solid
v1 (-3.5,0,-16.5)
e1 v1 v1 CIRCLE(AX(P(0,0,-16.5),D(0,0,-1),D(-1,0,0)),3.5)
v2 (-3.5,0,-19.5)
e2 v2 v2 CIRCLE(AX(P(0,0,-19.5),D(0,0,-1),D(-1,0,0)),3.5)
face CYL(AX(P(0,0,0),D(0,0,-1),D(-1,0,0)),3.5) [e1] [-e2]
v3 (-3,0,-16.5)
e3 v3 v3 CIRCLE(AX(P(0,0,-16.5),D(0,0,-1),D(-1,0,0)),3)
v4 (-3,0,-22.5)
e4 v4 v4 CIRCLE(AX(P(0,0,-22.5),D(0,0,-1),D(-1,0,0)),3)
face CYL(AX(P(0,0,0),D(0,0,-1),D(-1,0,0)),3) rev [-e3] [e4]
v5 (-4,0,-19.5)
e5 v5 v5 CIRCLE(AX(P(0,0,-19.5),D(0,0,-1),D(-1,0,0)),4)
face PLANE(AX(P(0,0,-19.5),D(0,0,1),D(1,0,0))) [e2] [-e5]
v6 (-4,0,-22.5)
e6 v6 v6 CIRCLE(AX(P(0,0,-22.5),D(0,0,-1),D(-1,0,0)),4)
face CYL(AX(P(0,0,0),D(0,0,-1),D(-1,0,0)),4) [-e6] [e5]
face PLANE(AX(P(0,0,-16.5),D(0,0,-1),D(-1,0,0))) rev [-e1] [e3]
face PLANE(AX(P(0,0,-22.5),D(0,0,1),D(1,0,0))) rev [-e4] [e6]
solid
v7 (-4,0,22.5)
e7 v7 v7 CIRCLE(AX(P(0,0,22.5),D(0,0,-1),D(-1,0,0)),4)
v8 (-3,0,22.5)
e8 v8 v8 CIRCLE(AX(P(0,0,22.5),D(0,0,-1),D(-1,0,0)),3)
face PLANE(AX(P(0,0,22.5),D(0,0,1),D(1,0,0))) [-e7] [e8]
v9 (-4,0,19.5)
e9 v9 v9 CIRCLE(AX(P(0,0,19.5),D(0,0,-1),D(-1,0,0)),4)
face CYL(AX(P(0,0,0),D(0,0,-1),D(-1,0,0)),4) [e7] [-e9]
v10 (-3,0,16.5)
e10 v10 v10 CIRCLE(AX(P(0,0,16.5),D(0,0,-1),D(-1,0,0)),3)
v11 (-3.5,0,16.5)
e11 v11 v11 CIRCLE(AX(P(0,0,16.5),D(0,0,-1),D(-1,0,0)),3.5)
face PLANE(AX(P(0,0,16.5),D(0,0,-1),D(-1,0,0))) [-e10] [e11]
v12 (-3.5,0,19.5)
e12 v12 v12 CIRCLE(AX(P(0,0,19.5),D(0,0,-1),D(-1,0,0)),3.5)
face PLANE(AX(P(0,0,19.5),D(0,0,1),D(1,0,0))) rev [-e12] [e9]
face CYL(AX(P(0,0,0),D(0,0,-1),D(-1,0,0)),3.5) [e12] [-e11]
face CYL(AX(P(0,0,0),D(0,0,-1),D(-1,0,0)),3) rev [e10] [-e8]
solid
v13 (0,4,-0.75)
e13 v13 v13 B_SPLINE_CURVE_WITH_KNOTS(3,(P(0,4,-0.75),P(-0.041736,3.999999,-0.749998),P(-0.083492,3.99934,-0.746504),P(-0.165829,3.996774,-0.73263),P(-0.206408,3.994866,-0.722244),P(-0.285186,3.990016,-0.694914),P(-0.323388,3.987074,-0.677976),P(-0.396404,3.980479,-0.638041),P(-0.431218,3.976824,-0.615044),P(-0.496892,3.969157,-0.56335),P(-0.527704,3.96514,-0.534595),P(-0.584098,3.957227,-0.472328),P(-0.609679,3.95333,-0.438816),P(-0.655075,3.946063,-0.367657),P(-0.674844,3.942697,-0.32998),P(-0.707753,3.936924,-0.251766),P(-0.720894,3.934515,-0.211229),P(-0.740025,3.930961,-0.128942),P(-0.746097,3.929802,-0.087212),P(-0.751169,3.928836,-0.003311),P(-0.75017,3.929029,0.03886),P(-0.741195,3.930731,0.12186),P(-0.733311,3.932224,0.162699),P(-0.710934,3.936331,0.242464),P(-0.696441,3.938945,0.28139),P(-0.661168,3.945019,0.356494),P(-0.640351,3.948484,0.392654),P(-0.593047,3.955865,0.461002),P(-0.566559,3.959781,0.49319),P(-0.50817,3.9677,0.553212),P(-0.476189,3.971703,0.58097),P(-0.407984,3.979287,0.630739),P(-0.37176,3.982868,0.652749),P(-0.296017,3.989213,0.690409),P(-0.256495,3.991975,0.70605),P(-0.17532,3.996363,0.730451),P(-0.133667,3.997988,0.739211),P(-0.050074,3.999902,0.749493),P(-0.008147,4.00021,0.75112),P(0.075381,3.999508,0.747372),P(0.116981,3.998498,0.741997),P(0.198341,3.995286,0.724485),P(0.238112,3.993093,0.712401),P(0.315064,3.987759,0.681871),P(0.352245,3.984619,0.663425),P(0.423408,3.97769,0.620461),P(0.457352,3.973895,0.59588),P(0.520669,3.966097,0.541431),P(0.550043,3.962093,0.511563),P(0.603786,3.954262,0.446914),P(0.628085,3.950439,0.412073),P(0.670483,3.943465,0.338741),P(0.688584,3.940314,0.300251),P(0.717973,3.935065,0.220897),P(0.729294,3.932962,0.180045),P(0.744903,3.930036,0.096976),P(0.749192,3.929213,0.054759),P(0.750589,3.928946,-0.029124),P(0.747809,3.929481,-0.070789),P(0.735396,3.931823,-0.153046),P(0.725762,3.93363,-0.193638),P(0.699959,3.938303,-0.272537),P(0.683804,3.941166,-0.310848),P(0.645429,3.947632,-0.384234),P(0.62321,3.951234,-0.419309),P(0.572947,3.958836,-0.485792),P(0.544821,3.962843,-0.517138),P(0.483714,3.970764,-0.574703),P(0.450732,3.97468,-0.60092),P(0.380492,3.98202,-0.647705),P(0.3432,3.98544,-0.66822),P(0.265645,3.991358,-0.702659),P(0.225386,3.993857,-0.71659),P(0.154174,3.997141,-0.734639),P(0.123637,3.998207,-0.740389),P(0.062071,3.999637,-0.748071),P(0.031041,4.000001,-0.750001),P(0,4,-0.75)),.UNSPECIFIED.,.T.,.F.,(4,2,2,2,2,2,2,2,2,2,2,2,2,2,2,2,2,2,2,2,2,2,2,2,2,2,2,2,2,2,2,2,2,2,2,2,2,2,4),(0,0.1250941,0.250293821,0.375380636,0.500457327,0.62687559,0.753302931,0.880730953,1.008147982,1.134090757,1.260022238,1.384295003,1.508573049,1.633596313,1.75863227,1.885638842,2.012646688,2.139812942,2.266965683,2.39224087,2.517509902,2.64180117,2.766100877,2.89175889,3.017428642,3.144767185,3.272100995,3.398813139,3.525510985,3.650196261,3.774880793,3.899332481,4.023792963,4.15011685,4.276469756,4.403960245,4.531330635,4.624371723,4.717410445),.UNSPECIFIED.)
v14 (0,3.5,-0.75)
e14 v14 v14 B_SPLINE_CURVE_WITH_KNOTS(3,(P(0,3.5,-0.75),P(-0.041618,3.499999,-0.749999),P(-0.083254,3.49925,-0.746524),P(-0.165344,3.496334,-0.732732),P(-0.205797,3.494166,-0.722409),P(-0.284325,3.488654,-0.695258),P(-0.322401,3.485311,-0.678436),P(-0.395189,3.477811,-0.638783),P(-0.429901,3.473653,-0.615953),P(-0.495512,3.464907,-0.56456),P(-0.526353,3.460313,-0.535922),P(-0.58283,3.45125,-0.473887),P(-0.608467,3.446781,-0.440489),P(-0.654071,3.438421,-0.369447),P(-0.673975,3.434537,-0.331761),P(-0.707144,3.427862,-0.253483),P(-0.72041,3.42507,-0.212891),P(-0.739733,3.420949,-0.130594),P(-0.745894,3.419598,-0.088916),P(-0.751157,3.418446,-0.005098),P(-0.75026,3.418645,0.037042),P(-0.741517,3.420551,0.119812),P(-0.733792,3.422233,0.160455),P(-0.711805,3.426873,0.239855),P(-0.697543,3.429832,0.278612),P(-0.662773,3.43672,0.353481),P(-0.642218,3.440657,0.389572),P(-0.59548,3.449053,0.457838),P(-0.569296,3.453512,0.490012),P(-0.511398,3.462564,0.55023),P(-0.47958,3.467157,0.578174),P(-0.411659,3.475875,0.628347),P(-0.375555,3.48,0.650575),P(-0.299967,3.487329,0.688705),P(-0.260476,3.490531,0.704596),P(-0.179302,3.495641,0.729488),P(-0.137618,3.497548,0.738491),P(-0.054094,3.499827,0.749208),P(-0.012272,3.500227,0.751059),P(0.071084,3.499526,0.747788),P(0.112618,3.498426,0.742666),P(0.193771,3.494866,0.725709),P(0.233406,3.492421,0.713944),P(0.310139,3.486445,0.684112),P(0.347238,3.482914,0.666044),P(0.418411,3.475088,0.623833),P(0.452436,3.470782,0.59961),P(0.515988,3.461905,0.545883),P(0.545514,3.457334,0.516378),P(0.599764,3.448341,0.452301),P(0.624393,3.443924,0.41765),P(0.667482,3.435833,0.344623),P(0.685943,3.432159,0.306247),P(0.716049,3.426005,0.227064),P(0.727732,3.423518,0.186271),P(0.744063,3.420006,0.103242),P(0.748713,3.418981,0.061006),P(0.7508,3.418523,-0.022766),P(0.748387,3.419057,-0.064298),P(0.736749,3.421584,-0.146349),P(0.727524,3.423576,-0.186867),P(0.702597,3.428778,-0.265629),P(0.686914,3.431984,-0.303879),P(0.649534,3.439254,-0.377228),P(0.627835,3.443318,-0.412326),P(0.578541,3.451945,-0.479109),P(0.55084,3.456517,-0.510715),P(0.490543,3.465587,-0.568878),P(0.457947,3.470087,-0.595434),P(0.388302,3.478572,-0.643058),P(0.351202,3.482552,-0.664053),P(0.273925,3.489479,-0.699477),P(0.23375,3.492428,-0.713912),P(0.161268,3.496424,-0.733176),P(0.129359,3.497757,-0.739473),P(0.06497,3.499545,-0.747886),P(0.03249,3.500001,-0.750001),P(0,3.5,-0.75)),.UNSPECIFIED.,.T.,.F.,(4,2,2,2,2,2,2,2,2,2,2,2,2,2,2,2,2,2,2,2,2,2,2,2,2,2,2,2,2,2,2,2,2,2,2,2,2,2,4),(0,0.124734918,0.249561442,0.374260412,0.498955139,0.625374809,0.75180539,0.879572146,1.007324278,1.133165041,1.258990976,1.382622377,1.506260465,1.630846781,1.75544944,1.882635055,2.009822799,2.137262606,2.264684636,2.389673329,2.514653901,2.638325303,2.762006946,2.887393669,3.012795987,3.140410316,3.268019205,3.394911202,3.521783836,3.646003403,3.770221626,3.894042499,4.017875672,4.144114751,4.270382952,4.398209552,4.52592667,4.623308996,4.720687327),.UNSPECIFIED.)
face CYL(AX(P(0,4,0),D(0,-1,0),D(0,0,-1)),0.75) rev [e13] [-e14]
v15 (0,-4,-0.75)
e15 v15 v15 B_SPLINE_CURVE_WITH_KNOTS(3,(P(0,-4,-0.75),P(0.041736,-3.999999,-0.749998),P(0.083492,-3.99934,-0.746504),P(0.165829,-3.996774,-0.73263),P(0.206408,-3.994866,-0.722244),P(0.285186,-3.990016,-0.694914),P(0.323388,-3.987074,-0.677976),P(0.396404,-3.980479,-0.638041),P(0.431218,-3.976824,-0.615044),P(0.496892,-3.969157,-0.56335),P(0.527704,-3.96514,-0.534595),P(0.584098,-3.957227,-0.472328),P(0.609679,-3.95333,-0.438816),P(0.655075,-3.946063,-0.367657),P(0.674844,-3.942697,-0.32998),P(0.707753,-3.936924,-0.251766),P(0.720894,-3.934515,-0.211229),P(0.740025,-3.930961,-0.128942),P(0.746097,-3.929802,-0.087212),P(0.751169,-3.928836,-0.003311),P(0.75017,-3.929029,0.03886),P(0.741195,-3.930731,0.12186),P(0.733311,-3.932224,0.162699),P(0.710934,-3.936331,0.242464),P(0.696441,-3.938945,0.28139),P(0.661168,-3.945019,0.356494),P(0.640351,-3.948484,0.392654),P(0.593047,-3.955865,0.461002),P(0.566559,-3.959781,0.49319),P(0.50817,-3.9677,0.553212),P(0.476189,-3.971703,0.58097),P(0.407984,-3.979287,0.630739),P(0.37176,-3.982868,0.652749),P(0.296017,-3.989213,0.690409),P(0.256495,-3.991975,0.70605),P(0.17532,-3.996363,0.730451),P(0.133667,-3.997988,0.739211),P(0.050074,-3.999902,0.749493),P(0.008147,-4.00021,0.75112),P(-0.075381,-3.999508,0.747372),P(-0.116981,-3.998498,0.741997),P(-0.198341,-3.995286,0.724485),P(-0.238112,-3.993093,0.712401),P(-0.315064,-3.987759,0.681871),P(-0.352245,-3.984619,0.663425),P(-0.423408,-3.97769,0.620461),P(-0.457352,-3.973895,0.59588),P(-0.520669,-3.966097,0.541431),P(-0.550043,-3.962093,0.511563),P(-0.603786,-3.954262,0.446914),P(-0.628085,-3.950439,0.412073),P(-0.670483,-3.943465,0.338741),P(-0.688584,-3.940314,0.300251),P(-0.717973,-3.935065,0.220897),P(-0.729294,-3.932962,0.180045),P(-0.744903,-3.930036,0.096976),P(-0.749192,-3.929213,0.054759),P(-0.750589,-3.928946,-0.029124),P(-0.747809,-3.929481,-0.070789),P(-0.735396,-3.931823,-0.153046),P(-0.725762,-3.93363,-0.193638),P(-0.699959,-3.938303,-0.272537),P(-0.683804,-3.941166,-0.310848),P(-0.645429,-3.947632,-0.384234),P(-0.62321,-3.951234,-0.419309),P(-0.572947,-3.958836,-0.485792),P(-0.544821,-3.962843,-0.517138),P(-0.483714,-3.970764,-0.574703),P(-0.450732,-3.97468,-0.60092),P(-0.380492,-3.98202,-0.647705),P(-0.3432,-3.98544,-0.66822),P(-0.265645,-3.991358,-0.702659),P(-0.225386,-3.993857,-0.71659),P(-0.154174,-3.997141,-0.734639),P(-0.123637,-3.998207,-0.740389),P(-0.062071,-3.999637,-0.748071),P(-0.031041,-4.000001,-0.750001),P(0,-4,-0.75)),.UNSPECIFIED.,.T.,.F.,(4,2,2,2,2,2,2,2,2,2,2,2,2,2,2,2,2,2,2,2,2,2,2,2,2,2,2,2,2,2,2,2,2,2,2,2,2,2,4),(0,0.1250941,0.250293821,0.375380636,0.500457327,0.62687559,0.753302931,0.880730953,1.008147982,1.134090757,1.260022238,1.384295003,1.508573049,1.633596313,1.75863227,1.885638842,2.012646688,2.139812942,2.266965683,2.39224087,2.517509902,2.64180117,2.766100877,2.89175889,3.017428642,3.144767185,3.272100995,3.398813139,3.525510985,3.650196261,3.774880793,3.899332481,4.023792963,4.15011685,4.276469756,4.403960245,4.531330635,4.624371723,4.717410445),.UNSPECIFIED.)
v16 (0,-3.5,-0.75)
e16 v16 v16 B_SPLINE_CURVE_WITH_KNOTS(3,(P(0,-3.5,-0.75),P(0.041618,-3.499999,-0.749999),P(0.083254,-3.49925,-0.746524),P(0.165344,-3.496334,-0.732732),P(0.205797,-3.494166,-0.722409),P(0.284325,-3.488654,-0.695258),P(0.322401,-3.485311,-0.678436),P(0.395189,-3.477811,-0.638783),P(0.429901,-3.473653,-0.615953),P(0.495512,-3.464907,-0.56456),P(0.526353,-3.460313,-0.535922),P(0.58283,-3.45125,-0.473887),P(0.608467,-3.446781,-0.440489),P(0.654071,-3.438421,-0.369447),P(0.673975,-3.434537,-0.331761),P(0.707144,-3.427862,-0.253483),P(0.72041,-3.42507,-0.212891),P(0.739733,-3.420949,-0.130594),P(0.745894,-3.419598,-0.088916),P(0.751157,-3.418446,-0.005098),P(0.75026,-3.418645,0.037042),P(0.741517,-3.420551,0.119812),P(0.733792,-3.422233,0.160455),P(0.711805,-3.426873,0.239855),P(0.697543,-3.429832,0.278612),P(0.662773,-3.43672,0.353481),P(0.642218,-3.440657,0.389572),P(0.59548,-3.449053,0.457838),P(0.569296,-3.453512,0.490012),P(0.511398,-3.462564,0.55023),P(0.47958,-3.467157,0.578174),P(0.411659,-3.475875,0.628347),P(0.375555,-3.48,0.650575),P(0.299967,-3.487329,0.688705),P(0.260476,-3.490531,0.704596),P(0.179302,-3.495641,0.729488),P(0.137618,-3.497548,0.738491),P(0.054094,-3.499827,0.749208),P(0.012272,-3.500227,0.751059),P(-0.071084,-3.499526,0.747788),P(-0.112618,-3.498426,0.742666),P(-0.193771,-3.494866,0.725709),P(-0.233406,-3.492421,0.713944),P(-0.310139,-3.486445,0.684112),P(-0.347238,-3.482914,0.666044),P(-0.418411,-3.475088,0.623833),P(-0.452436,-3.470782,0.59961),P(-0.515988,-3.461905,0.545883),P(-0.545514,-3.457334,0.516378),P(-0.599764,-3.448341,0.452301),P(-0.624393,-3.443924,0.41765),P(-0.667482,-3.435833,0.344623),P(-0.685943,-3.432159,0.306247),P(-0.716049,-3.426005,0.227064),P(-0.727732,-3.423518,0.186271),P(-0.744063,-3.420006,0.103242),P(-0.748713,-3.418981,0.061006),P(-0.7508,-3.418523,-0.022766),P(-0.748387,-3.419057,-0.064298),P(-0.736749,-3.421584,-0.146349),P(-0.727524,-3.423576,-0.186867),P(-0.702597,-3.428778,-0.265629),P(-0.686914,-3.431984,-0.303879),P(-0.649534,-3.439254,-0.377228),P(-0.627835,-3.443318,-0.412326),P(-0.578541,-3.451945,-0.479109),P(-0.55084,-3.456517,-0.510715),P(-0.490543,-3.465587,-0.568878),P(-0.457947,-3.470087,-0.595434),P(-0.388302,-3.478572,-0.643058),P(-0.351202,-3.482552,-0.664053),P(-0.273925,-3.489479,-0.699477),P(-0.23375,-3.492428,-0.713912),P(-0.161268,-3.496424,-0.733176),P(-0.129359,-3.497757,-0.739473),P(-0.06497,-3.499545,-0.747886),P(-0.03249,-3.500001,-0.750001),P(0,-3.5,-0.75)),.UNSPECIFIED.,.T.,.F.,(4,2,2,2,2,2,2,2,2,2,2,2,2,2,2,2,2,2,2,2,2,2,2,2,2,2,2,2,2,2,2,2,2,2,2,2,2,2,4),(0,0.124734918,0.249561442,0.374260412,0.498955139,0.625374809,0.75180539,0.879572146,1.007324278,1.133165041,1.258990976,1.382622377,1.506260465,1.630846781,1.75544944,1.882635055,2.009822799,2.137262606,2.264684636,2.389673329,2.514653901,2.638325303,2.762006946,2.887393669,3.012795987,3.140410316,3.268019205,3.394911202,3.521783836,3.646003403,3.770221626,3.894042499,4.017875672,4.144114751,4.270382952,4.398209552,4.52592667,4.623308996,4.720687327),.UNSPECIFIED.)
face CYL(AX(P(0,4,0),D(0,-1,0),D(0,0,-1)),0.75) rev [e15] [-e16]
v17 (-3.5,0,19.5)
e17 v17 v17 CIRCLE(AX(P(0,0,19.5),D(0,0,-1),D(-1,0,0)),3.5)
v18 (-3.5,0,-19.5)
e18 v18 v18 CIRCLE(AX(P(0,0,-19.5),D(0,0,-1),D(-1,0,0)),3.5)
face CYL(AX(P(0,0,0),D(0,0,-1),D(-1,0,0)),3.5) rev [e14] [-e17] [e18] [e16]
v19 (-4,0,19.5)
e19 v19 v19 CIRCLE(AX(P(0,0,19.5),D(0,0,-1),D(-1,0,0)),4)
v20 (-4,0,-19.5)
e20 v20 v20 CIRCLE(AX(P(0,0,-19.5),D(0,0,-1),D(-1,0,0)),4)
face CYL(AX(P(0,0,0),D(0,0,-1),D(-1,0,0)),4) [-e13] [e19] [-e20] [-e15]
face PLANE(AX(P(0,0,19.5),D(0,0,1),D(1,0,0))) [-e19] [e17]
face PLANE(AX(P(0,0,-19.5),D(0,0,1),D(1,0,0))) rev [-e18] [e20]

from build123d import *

# Parameters (mm, degrees)
SKIZZE1_W                            = 39
SKIZZE1_H                            = 0.5
SKIZZE2_R                            = 0.75
SCHNITT_LINEAR_AUSTRAGEN1_DEPTH      = 5
SCHNITT_LINEAR_AUSTRAGEN1_DEPTH_BACK = 5


with BuildPart() as part:
    # Skizze1 → Rotation1 (revolve)
    with BuildSketch(Plane(origin=(0, 0, 0), x_dir=(0, 0, -1), z_dir=(1, 0, 0))):
        with Locations((0, 3.75)):
            Rectangle(SKIZZE1_W, SKIZZE1_H)
    revolve(axis=Axis((0, 0, 0), (0, 0, 1)))

    # Skizze2 → Schnitt-Linear austragen1 (cut, two sides)
    with BuildSketch(Plane(origin=(0, 0, 0), x_dir=(1, 0, 0), z_dir=(0, 1, 0))) as schnitt_linear_austragen1_sk:
        Circle(SKIZZE2_R)
    extrude(amount=SCHNITT_LINEAR_AUSTRAGEN1_DEPTH, mode=Mode.SUBTRACT)
    extrude(schnitt_linear_austragen1_sk.sketch, amount=-SCHNITT_LINEAR_AUSTRAGEN1_DEPTH_BACK, mode=Mode.SUBTRACT)


with BuildPart() as body_2:
    # Skizze1_3 → Rotation3 (revolve)
    with BuildSketch(Plane(origin=(0, 0, 0), x_dir=(0, 0, -1), z_dir=(1, 0, 0))):
        Polygon((-16.5, 3.5), (-19.5, 3.5), (-19.5, 4), (-22.5, 4), (-22.5, 3), (-16.5, 3), align=None)
        Polygon((19.5, 3.5), (16.5, 3.5), (16.5, 3), (22.5, 3), (22.5, 4), (19.5, 4), align=None)
    revolve(axis=Axis((0, 0, 0), (0, 0, 1)))


solid = Compound([part.part, body_2.part])
